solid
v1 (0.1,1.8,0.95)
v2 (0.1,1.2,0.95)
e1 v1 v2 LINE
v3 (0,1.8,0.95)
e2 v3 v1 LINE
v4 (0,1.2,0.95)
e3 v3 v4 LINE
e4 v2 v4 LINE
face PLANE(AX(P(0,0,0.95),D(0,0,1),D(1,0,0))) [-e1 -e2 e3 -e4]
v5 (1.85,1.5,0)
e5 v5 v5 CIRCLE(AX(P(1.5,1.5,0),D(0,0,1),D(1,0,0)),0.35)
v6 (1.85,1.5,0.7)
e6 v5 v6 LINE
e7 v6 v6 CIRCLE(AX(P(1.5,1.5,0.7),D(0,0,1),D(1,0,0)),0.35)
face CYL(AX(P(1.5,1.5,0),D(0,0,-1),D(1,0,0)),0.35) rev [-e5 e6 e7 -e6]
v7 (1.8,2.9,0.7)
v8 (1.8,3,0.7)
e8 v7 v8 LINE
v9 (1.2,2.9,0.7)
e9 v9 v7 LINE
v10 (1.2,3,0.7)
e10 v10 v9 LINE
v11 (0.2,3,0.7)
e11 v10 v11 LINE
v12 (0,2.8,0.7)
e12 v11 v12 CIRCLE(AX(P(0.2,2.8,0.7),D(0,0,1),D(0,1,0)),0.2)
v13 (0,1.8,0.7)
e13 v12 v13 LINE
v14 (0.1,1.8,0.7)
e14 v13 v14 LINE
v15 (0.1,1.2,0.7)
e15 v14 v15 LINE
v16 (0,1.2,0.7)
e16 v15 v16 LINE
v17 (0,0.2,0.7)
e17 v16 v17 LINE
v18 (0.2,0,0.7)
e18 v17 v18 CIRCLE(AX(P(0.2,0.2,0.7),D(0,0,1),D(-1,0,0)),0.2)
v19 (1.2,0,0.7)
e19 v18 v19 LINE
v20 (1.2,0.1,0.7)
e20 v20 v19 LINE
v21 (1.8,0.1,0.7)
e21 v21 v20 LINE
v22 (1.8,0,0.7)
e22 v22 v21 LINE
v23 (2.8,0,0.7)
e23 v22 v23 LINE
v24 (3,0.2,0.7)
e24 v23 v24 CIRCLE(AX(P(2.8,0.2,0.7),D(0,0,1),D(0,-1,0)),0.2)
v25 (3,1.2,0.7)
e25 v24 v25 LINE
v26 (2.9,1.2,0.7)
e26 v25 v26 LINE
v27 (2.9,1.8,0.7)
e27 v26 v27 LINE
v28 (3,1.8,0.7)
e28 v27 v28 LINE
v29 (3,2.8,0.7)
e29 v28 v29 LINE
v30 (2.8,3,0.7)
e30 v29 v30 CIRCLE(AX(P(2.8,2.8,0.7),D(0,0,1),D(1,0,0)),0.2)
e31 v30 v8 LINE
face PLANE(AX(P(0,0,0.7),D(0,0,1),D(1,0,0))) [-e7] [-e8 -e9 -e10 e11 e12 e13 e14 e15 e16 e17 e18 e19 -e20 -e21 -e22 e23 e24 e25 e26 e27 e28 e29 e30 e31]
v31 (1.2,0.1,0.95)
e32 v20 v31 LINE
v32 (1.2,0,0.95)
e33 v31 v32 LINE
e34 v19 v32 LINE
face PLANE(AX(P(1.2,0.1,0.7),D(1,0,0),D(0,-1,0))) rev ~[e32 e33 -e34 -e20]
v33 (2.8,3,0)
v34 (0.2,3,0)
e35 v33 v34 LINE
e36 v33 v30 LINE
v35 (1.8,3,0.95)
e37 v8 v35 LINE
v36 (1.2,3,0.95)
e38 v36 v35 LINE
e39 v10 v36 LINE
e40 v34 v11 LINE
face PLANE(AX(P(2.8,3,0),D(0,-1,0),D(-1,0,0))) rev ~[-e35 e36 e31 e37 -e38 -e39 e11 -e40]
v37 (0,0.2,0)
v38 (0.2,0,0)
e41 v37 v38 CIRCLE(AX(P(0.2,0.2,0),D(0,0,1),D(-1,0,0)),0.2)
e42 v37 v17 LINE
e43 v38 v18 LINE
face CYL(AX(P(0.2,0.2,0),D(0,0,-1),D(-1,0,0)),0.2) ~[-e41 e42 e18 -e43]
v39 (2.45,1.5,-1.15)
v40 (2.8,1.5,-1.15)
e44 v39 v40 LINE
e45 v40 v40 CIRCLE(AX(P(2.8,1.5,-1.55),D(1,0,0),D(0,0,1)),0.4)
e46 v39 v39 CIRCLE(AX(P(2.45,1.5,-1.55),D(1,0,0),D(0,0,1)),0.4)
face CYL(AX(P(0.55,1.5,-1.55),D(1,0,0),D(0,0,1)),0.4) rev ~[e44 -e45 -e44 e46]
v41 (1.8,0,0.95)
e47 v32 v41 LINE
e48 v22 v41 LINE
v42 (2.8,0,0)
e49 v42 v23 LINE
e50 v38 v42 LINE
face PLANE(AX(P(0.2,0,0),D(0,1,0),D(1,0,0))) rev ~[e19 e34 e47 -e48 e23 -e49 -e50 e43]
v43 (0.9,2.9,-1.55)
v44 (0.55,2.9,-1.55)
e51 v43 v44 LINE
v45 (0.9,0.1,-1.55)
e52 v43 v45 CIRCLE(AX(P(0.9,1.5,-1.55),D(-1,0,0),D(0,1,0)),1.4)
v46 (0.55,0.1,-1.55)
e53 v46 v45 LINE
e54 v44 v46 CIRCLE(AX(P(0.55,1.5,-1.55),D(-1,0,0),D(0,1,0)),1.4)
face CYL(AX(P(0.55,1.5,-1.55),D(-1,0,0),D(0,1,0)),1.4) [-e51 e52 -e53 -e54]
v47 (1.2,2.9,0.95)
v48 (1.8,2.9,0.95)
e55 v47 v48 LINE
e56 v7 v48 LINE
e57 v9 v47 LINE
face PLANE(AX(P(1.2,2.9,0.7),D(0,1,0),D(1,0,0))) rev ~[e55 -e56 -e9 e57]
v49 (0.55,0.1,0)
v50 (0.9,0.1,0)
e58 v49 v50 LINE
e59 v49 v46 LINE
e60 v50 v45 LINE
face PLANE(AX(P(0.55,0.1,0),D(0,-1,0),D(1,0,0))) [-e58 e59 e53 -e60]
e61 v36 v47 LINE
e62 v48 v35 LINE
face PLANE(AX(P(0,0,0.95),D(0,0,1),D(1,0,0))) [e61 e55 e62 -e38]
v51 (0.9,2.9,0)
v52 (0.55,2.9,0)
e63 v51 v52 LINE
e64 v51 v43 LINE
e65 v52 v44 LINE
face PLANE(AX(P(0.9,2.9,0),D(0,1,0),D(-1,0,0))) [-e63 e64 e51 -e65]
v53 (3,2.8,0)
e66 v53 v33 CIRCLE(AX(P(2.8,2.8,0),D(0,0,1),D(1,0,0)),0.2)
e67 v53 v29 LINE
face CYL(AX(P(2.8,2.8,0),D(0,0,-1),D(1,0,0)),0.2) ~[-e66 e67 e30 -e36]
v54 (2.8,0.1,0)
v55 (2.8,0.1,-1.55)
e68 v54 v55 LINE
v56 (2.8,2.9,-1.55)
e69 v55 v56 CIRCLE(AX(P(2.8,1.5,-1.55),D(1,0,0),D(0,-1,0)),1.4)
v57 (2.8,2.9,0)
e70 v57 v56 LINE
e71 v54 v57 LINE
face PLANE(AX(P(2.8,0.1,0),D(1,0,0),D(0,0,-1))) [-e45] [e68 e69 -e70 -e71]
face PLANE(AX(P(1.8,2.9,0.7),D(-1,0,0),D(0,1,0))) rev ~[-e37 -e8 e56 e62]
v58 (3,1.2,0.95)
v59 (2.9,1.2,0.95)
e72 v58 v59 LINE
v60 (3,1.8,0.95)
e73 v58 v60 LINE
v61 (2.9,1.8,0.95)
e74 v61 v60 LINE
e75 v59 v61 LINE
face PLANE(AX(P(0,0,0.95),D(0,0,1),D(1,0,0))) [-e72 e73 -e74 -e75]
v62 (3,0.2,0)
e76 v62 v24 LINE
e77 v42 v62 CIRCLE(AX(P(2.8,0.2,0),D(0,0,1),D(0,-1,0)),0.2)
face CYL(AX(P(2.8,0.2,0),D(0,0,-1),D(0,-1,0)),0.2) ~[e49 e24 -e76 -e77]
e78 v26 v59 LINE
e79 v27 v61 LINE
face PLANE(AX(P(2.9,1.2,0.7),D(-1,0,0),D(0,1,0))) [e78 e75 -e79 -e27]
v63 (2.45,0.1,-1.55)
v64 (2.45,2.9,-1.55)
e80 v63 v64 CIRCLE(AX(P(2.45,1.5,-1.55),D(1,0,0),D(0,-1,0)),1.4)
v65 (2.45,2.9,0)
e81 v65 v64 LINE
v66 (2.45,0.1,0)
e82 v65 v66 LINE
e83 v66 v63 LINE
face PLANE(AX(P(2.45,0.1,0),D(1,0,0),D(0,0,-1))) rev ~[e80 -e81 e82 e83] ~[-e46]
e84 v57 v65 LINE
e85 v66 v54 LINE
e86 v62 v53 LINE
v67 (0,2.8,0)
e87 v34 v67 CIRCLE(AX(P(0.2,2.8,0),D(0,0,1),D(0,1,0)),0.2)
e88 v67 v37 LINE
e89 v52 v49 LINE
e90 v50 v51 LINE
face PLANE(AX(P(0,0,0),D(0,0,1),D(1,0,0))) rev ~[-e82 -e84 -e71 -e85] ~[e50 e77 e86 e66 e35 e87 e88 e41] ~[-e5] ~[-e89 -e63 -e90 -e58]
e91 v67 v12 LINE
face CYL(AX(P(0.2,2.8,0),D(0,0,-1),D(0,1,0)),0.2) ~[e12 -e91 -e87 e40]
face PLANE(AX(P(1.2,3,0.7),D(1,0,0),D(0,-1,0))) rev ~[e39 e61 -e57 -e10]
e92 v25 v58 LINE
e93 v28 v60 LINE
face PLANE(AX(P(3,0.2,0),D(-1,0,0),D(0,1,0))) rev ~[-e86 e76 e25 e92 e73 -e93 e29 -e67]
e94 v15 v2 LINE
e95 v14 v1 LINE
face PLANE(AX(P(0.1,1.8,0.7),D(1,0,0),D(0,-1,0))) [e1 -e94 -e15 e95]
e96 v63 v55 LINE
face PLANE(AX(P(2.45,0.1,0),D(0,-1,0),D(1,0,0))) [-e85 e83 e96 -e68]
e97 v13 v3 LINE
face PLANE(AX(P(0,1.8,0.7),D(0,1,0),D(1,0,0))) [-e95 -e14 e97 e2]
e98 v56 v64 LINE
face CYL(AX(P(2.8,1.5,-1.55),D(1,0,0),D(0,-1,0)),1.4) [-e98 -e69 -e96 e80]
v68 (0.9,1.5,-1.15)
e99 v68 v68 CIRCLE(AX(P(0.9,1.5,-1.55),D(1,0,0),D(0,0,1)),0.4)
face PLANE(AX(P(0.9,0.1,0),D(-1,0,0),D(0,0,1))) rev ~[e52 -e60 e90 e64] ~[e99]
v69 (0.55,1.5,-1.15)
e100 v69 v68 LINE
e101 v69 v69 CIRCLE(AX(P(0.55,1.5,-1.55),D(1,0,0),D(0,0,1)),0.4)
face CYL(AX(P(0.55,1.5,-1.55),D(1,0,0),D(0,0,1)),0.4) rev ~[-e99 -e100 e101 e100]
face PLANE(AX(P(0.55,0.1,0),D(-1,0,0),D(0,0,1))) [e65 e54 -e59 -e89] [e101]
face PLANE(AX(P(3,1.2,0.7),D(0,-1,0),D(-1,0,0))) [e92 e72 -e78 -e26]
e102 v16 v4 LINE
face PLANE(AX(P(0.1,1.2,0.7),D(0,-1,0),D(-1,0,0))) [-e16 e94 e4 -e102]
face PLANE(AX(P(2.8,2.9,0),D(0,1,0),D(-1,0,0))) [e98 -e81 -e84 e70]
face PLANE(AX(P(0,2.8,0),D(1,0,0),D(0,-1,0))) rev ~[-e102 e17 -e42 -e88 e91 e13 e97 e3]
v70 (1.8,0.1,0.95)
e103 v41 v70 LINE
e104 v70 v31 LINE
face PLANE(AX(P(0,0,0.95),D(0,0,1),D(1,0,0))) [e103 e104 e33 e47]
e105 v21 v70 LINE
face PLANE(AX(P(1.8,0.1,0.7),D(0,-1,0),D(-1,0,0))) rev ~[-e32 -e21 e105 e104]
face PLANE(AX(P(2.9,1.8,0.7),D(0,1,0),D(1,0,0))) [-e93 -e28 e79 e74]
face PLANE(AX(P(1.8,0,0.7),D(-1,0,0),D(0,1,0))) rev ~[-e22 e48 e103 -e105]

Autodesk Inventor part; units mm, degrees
ref_plane "YZ Plane" through (0, 0, 0) normal (1, 0, 0) x (0, 1, 0)
ref_plane "XZ Plane" through (0, 0, 0) normal (0, 1, 0) x (-1, 0, 0)
ref_plane "XY Plane" through (0, 0, 0) normal (0, 0, 1) x (1, 0, 0)
sketch "Skizze1" plane through (0, 0, 0) normal (0, 0, 1) x (1, 0, 0)
  line L0 (0.2, 0) -> (2.8, 0)
  line L1 (3, 0.2) -> (3, 2.8)
  line L2 (2.8, 3) -> (0.2, 3)
  line L3 (0, 2.8) -> (0, 0.2)
  arc A0 (0.2, 3) -> (0, 2.8) centre (0.2, 2.8) ccw
  arc A1 (3, 2.8) -> (2.8, 3) centre (2.8, 2.8) ccw
  arc A2 (2.8, 0) -> (3, 0.2) centre (2.8, 0.2) ccw
  arc A3 (0, 0.2) -> (0.2, 0) centre (0.2, 0.2) ccw
  line L4 (0, 1.5) -> (3, 1.5) construction
  line L5 (1.5, 3) -> (1.5, 0) construction
  circle A4 centre (1.5, 1.5) radius 0.35
  point P0 (0, 0)
  point P1 (3, 3)
  point P2 (3, 0)
  point P3 (0, 3)
  dimension "d0" = 3
  dimension "d1" = 3
  dimension "d2" = 0.2
  dimension "d3" = 0.7
extrude "Extrusion1" add sketch "Skizze1" along normal blind 0.7
sketch "Skizze2" plane through (0, 0, 0.7) normal (0, 0, 1) x (1, 0, 0)
  circle A0 centre (1.5, 1.5) radius 0.35 construction
  line L0 (2.8, 3) -> (0.2, 3) construction
  arc A1 (0.2, 3) -> (0, 2.8) centre (0.2, 2.8) ccw construction
  line L1 (0, 2.8) -> (0, 0.2) construction
  arc A2 (0, 0.2) -> (0.2, 0) centre (0.2, 0.2) ccw construction
  line L2 (0.2, 0) -> (2.8, 0) construction
  arc A3 (2.8, 0) -> (3, 0.2) centre (2.8, 0.2) ccw construction
  line L3 (3, 0.2) -> (3, 2.8) construction
  arc A4 (3, 2.8) -> (2.8, 3) centre (2.8, 2.8) ccw construction
  line L4 (0, 2.8) -> (0, 0.2) projected
  line L5 (0, 1.8) -> (0.1, 1.8)
  line L6 (0.1, 1.8) -> (0.1, 1.2)
  line L7 (0.1, 1.2) -> (0, 1.2)
  line L8 (0, 1.2) -> (0, 1.8)
  line L9 (0.2, 0) -> (2.8, 0) projected
  line L10 (1.2, 0) -> (1.8, 0)
  line L11 (1.8, 0) -> (1.8, 0.1)
  line L12 (1.8, 0.1) -> (1.2, 0.1)
  line L13 (1.2, 0.1) -> (1.2, 0)
  line L14 (3, 0.2) -> (3, 2.8) projected
  line L15 (3, 1.2) -> (2.9, 1.2)
  line L16 (2.9, 1.2) -> (2.9, 1.8)
  line L17 (2.9, 1.8) -> (3, 1.8)
  line L18 (3, 1.8) -> (3, 1.2)
  line L19 (0.2, 3) -> (2.8, 3) projected
  line L20 (1.8, 3) -> (1.2, 3)
  line L21 (1.2, 3) -> (1.2, 2.9)
  line L22 (1.2, 2.9) -> (1.8, 2.9)
  line L23 (1.8, 2.9) -> (1.8, 3)
  point P0 (0, 0)
  point P1 (0, 1.5)
  point P2 (1.5, 3)
  point P3 (3, 1.5)
  point P4 (1.5, 0)
  dimension "d6" = 0.6
  dimension "d7" = 0.1
  dimension "d8" = 0.6
  dimension "d9" = 0.6
  dimension "d10" = 0.6
  dimension "d11" = 0.1
  dimension "d12" = 0.1
  dimension "d13" = 0.1
extrude "Extrusion2" add sketch "Skizze2" along normal blind 0.25
sketch "Skizze3" plane through (0, 0, 0) normal (0, 0, -1) x (-1, 0, 0)
  circle A0 centre (-1.5, 1.5) radius 0.35 construction
  line L0 (-0.2, 3) -> (-2.8, 3) construction
  arc A1 (-2.8, 3) -> (-3, 2.8) centre (-2.8, 2.8) ccw construction
  line L1 (-3, 2.8) -> (-3, 0.2) construction
  arc A2 (-3, 0.2) -> (-2.8, 0) centre (-2.8, 0.2) ccw construction
  line L2 (-2.8, 0) -> (-0.2, 0) construction
  arc A3 (-0.2, 0) -> (0, 0.2) centre (-0.2, 0.2) ccw construction
  line L3 (0, 0.2) -> (0, 2.8) construction
  arc A4 (0, 2.8) -> (-0.2, 3) centre (-0.2, 2.8) ccw construction
  line L4 (-2.8, 2.9) -> (-2.45, 2.9)
  line L5 (-2.45, 2.9) -> (-2.45, 0.1)
  line L6 (-2.45, 0.1) -> (-2.8, 0.1)
  line L7 (-2.8, 0.1) -> (-2.8, 2.9)
  line L8 (-0.9, 2.9) -> (-0.55, 2.9)
  line L9 (-0.55, 2.9) -> (-0.55, 0.1)
  line L10 (-0.55, 0.1) -> (-0.9, 0.1)
  line L11 (-0.9, 0.1) -> (-0.9, 2.9)
  line L12 (-3, 1.5) -> (0, 1.5) construction
  point P0 (0, 0)
  point P1 (-2.8, 1.5)
  dimension "d16" = 0.35
  dimension "d17" = 0.35
  dimension "d18" = 2.8
  dimension "d19" = 0.2
  dimension "d20" = 0.55
extrude "Extrusion3" add sketch "Skizze3" along normal blind 1.55
sketch "Skizze4" plane through (2.8, 0.1, 0) normal (1, 0, 0) x (0, 0, -1)
  line L0 (1.55, 2.8) -> (1.55, 0) projected
  line L1 (1.55, 2.8) -> (1.55, 0) construction
  arc A0 (1.55, 0) -> (1.55, 2.8) centre (1.55, 1.4) ccw
  point P0 (0, -0.1)
extrude "Extrusion4" add sketch "Skizze4" against normal blind 0.35
sketch "Skizze5" plane through (0.55, 0.1, 0) normal (-1, 0, 0) x (0, 0, 1)
  line L0 (-1.55, 0) -> (-1.55, 2.8) projected
  arc A0 (-1.55, 2.8) -> (-1.55, 0) centre (-1.55, 1.4) ccw projected
  point P0 (0, -0.1)
extrude "Extrusion5" add sketch "Skizze5" against normal blind 0.35
sketch "Skizze6" plane through (0.55, 0.1, 0) normal (-1, 0, 0) x (0, 0, 1)
  arc A0 (-1.55, 2.8) -> (-1.55, 0) centre (-1.55, 1.4) ccw construction
  point P0 (0, -0.1)
hole "Bohrung1" at (0.55, 1.5, -1.55) direction (1, 0, 0) diameter 0.8 end through all
properties part number "item_gelenk_teil_komplett"
